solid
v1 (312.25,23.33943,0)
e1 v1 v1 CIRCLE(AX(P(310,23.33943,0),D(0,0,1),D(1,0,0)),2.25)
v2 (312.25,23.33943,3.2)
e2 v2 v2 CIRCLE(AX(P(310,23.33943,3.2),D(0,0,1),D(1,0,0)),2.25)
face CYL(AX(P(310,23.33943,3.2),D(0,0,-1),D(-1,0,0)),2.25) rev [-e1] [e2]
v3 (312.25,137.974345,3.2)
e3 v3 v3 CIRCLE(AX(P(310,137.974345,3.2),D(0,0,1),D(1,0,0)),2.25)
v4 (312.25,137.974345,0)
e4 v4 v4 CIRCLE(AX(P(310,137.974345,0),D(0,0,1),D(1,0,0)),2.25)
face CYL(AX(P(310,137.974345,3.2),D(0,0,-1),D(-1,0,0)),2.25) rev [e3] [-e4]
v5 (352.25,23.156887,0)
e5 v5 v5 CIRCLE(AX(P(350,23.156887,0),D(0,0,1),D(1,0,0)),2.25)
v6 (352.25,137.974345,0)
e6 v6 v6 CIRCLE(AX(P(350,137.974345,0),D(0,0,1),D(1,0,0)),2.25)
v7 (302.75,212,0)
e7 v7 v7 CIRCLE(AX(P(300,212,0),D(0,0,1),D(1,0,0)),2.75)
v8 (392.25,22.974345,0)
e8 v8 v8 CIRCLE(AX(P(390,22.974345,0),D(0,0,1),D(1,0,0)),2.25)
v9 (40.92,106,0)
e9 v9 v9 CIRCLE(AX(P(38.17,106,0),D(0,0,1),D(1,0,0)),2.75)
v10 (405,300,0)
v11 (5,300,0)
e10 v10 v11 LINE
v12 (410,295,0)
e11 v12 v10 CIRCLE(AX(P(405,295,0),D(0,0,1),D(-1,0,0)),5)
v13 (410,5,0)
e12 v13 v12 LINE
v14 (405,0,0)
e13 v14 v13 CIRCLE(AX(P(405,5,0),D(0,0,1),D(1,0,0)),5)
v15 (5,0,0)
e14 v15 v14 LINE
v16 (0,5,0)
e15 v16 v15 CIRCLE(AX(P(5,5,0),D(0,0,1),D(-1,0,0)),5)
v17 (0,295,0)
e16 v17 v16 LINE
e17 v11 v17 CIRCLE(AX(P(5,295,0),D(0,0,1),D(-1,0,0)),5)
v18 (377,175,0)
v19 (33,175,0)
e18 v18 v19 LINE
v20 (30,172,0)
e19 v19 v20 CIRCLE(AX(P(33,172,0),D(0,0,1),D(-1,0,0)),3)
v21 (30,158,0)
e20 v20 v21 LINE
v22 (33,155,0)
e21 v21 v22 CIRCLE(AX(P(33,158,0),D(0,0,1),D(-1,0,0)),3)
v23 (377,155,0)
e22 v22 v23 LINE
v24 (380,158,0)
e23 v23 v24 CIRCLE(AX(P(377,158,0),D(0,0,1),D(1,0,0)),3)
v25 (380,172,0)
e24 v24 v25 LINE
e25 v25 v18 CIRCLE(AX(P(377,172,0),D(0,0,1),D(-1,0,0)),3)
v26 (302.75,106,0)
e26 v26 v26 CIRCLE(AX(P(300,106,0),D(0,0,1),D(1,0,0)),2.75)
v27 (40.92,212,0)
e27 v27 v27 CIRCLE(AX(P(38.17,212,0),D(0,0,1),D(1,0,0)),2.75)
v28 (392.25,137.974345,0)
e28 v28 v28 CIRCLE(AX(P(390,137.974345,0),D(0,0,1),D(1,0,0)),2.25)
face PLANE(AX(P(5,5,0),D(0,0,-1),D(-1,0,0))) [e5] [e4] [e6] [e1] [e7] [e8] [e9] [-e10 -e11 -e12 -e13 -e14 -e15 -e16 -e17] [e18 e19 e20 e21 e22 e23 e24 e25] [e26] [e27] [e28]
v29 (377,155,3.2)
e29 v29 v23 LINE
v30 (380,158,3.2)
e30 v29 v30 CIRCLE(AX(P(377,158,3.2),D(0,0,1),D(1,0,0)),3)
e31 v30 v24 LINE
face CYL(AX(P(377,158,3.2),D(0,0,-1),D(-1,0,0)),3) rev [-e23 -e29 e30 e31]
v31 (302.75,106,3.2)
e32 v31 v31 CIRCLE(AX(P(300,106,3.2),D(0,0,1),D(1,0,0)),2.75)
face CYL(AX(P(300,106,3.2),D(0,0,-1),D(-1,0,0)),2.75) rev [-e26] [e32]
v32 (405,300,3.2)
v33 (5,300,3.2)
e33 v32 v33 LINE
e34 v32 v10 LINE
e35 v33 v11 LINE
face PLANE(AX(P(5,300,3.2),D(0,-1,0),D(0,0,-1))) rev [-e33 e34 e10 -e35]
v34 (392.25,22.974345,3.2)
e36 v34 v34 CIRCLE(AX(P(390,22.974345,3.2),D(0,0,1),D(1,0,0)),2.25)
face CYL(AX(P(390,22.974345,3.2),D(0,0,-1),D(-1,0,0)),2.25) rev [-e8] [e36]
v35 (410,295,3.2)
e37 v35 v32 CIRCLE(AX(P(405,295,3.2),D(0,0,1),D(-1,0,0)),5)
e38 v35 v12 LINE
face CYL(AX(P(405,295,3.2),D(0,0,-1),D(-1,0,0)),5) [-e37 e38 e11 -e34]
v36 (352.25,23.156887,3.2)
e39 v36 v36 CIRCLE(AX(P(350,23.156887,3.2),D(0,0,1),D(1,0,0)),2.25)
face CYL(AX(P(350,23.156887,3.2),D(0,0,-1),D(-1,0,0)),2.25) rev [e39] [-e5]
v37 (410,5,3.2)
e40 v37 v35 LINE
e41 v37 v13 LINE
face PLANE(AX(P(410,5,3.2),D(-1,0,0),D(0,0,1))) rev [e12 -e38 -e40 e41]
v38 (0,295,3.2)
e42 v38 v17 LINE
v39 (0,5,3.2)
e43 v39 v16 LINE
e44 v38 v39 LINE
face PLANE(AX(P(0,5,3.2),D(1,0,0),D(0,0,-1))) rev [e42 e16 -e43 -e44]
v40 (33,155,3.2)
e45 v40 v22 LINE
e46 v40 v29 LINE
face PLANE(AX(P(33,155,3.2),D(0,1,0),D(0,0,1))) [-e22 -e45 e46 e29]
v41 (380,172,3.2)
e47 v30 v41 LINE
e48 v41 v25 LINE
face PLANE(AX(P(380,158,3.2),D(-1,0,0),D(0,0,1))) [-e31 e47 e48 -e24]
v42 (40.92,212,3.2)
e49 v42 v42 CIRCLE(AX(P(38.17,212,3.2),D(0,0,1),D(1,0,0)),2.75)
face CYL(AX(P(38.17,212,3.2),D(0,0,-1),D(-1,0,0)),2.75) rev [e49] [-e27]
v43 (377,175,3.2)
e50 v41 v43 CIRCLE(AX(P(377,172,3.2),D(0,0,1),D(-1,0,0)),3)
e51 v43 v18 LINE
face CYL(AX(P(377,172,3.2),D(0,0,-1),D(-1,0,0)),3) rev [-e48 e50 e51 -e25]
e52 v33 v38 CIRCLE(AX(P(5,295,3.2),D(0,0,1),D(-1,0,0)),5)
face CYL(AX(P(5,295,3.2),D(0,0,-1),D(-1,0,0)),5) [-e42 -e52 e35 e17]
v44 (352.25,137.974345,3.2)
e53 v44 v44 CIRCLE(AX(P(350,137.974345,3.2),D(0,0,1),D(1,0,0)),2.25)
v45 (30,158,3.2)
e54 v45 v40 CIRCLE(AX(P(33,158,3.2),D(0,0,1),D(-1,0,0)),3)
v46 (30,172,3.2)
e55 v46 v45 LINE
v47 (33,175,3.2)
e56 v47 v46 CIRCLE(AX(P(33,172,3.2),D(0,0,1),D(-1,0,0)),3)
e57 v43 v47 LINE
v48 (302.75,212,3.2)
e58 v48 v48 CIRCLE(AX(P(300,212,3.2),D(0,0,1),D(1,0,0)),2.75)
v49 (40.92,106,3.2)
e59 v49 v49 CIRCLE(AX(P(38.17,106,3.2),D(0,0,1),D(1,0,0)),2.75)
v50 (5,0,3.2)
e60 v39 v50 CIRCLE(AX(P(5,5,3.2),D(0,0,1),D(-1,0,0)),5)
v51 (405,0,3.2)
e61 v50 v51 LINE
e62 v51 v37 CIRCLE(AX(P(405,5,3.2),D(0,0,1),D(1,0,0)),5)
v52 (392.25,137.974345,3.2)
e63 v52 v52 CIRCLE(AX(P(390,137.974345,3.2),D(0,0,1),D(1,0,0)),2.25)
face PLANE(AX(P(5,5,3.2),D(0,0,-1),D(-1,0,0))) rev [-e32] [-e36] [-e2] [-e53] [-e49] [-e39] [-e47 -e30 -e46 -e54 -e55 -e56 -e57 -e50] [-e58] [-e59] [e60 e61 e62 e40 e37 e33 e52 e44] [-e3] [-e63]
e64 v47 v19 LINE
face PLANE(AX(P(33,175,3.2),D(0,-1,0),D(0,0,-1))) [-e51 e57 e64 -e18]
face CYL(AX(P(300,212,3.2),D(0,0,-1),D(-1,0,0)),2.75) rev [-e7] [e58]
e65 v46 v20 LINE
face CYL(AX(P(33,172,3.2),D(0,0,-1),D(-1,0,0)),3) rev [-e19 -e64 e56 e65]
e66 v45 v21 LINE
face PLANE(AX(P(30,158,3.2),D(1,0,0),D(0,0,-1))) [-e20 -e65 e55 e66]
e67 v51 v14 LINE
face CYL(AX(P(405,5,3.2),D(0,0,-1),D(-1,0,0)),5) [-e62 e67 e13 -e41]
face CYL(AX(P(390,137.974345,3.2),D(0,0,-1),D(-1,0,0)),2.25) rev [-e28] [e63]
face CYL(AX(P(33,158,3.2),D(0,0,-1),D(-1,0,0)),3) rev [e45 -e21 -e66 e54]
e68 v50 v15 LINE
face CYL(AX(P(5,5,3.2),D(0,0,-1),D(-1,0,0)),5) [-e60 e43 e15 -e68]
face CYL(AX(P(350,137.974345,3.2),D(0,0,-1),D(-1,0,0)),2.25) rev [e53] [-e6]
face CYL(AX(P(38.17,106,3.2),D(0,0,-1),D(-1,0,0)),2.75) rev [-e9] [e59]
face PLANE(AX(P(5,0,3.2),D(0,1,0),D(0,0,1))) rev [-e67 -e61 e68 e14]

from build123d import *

# Parameters (mm, degrees)
SKETCH1_R           = 2.25
SKETCH1_R_2         = 2.75
BOSS_EXTRUDE1_DEPTH = 3.2


with BuildPart() as part:
    # Sketch1 → Boss-Extrude1 (new body)
    with BuildSketch(Plane.XY):
        with BuildLine():
            Line((5, 0), (405, 0))
            ThreePointArc((405, 0), (408.535533906, 1.464466094), (410, 5))
            Line((410, 5), (410, 295))
            ThreePointArc((410, 295), (408.535533906, 298.535533906), (405, 300))
            Line((405, 300), (5, 300))
            ThreePointArc((5, 300), (1.464466094, 298.535533906), (0, 295))
            Line((0, 295), (0, 5))
            ThreePointArc((0, 5), (1.464466094, 1.464466094), (5, 0))
        make_face()
        with Locations((310, 23.339430176)):
            Circle(SKETCH1_R, mode=Mode.SUBTRACT)
        with Locations((350, 23.156887411)):
            Circle(SKETCH1_R, mode=Mode.SUBTRACT)
        with Locations((390, 22.974344646)):
            Circle(SKETCH1_R, mode=Mode.SUBTRACT)
        with Locations((310, 137.974344646)):
            Circle(SKETCH1_R, mode=Mode.SUBTRACT)
        with Locations((350, 137.974344646)):
            Circle(SKETCH1_R, mode=Mode.SUBTRACT)
        with Locations((390, 137.974344646)):
            Circle(SKETCH1_R, mode=Mode.SUBTRACT)
        with Locations((300, 106)):
            Circle(SKETCH1_R_2, mode=Mode.SUBTRACT)
        with Locations((38.17, 106)):
            Circle(SKETCH1_R_2, mode=Mode.SUBTRACT)
        with Locations((38.17, 212)):
            Circle(SKETCH1_R_2, mode=Mode.SUBTRACT)
        with Locations((300, 212)):
            Circle(SKETCH1_R_2, mode=Mode.SUBTRACT)
        with BuildLine():
            Line((33, 155), (377, 155))
            ThreePointArc((377, 155), (379.121320344, 155.878679656), (380, 158))
            Line((380, 158), (380, 172))
            ThreePointArc((380, 172), (379.121320344, 174.121320344), (377, 175))
            Line((377, 175), (33, 175))
            ThreePointArc((33, 175), (30.878679656, 174.121320344), (30, 172))
            Line((30, 172), (30, 158))
            ThreePointArc((30, 158), (30.878679656, 155.878679656), (33, 155))
        make_face(mode=Mode.SUBTRACT)
    extrude(amount=BOSS_EXTRUDE1_DEPTH)


solid = part.part
